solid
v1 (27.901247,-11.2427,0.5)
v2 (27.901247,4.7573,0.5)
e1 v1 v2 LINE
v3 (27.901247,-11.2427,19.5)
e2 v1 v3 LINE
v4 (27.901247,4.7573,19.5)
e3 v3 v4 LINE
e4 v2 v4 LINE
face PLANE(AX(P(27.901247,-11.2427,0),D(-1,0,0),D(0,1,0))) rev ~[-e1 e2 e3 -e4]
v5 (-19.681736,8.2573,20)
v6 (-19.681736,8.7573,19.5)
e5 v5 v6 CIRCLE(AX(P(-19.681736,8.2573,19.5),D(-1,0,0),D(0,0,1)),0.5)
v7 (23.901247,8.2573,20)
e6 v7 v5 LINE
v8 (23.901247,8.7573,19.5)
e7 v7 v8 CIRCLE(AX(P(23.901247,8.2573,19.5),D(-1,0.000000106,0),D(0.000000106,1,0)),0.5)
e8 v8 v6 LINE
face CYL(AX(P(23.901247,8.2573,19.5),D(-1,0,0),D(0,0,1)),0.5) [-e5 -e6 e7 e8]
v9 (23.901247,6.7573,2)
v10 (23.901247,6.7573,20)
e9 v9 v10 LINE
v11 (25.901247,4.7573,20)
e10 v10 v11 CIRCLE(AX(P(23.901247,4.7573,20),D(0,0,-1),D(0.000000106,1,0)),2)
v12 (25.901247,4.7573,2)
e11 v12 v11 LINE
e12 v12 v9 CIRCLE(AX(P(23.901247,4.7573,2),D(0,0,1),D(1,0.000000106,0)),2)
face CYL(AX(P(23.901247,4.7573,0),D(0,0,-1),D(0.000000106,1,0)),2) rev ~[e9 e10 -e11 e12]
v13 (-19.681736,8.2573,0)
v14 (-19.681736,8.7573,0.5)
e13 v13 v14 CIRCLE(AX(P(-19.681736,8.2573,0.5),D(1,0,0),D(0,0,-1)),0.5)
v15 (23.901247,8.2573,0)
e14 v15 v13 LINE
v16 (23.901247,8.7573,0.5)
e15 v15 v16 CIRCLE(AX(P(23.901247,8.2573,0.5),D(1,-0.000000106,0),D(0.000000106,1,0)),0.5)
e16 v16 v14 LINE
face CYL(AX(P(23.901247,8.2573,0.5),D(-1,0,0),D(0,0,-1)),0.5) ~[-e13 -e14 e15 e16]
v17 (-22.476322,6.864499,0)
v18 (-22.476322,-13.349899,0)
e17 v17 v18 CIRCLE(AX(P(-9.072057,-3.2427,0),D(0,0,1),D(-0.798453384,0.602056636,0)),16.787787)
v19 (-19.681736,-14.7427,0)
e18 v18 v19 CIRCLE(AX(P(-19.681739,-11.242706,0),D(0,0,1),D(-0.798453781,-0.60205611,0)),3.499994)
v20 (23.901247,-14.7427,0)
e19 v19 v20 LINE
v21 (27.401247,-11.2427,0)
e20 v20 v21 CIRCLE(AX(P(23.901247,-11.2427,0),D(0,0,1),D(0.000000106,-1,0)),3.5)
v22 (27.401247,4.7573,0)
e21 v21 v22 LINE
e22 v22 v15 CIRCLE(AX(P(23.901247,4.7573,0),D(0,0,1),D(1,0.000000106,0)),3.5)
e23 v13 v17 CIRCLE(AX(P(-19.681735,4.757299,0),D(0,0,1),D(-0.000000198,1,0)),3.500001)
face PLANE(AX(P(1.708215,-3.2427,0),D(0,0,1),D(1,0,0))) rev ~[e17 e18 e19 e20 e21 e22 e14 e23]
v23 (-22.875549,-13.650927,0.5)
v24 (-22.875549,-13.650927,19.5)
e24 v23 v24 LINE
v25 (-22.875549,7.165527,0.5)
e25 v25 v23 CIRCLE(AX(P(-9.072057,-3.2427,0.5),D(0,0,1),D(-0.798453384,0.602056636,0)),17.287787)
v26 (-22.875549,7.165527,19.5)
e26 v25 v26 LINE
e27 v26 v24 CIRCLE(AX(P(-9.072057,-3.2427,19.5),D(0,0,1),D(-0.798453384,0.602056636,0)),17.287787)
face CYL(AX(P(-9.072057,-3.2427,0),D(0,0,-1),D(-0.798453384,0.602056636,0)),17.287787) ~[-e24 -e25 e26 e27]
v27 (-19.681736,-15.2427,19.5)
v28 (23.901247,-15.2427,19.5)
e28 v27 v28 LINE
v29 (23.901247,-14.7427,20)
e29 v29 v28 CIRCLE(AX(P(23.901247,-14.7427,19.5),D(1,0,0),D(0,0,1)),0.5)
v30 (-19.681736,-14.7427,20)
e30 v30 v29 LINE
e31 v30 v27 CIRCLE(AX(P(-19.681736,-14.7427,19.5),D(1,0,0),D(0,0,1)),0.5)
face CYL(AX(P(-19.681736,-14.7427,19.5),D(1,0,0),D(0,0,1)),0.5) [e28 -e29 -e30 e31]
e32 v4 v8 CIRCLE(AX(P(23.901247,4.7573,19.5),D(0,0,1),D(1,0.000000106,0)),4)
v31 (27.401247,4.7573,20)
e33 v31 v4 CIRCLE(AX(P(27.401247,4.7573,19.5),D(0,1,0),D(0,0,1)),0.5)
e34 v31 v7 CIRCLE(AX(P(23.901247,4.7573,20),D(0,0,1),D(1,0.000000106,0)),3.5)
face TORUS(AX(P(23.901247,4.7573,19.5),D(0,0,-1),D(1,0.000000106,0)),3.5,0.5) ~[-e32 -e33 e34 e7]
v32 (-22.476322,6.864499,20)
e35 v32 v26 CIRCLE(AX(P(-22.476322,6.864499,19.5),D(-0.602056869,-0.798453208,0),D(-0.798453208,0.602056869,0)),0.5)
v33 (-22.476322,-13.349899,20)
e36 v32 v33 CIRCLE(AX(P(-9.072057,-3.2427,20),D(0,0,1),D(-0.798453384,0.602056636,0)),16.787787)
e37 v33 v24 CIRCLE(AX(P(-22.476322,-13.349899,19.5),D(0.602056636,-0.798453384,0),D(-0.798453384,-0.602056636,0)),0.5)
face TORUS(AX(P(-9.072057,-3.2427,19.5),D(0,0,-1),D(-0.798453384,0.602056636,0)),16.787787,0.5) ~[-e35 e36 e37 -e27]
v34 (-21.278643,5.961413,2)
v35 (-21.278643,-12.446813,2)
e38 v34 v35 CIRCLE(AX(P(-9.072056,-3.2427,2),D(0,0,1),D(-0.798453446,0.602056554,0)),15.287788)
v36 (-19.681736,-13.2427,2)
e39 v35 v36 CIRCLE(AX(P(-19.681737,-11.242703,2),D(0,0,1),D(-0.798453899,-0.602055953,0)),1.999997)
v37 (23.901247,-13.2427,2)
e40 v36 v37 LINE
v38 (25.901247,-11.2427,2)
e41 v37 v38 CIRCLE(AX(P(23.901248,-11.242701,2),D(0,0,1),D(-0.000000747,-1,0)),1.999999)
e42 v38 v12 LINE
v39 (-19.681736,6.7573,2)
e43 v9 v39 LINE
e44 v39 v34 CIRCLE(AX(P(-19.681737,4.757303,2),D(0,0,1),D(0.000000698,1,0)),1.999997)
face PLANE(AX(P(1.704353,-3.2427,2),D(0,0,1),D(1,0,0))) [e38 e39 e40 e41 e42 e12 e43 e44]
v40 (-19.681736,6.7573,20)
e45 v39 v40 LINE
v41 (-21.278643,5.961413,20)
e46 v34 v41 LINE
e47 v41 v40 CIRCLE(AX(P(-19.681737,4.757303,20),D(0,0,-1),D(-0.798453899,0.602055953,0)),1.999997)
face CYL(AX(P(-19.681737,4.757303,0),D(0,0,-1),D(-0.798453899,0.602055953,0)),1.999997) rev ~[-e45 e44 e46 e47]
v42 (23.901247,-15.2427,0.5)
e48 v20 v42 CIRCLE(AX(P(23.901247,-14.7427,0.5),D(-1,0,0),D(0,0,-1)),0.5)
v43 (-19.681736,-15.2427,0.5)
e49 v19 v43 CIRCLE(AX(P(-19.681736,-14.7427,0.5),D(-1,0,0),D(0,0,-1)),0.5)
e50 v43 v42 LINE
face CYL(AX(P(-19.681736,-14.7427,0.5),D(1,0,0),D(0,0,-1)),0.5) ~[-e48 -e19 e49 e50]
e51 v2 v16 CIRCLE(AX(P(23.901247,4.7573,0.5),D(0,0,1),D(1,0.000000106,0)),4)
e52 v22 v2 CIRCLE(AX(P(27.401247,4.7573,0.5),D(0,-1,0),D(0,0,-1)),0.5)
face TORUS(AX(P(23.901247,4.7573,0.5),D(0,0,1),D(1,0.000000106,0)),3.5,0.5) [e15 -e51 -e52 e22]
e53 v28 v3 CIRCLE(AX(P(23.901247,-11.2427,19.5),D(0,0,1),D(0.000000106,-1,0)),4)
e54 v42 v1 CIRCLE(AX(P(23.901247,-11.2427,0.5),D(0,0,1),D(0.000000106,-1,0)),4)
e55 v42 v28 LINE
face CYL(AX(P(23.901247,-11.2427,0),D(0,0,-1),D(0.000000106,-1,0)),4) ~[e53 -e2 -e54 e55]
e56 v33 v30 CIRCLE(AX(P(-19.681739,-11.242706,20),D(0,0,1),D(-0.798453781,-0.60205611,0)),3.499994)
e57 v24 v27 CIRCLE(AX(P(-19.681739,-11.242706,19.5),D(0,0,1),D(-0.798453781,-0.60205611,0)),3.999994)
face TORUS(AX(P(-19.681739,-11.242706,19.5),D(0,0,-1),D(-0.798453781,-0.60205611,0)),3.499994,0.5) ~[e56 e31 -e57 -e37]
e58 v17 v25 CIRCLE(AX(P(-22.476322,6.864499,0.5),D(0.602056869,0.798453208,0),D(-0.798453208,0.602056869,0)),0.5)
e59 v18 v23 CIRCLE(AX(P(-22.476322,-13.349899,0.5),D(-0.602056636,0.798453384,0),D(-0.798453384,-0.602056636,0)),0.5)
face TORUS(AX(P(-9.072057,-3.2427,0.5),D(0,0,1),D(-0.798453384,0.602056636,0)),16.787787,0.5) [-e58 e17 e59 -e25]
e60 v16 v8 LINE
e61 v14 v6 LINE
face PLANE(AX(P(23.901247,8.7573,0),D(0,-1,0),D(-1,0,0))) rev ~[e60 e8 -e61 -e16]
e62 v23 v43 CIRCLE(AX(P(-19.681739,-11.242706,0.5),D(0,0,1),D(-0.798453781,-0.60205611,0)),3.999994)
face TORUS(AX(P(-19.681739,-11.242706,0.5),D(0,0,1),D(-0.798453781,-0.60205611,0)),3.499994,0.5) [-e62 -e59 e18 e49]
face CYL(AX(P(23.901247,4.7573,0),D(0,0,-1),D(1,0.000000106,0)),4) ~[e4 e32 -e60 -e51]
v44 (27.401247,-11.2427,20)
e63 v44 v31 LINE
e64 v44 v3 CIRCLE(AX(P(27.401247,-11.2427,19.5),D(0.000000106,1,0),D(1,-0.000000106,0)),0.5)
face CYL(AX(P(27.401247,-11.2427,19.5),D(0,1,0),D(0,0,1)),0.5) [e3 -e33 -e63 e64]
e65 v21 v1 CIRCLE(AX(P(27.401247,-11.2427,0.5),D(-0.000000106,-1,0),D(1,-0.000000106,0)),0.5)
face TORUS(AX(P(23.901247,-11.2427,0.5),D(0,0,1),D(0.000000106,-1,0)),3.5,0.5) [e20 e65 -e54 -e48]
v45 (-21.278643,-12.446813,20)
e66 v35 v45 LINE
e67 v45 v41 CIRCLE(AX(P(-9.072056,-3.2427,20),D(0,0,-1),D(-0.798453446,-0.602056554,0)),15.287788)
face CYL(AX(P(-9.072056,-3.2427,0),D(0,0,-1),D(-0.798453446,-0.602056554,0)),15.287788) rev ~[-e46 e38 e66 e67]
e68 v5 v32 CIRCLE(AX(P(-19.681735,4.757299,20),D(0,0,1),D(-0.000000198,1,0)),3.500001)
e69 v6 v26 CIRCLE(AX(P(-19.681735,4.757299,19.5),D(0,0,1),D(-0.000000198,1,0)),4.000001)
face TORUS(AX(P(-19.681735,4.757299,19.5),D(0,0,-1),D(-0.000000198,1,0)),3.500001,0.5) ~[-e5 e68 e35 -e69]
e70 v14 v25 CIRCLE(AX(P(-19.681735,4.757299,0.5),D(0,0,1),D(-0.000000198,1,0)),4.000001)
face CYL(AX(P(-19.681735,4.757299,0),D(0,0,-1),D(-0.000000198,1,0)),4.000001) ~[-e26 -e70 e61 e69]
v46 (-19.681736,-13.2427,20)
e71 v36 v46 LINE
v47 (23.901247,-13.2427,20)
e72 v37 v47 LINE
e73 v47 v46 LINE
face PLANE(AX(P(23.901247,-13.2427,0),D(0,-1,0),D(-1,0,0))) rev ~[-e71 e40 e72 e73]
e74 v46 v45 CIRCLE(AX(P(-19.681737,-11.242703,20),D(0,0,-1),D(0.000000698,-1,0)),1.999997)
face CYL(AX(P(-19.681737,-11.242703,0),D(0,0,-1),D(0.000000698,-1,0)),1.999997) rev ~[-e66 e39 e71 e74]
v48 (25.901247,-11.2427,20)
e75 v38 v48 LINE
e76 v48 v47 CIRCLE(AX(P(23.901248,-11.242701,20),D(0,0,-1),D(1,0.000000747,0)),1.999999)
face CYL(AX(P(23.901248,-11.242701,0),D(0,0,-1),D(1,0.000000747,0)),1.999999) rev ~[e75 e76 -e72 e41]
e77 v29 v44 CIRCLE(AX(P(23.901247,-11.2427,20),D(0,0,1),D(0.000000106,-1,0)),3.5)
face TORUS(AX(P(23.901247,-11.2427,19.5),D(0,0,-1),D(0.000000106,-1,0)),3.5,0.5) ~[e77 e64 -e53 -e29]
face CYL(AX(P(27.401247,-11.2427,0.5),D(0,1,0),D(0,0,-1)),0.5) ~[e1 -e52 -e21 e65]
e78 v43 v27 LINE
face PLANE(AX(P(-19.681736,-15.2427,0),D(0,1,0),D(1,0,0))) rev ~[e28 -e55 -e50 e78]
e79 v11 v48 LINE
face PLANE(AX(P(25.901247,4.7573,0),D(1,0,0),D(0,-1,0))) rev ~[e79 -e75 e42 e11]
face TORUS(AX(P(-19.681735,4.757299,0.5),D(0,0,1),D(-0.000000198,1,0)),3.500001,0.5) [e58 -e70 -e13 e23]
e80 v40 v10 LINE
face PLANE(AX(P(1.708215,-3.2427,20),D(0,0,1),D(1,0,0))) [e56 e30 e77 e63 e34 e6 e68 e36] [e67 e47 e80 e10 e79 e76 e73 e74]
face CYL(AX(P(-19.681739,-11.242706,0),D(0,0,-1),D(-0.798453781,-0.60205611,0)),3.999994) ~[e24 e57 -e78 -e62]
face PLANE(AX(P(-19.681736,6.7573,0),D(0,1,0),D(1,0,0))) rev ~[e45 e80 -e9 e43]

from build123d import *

# Parameters (mm, degrees)
F1_DEPTH = 2
F2_DEPTH = 20
F3_R     = 0.5
F4_R     = 0.5


with BuildPart() as f1:
    # F0 (on Top) → F1 (new body)
    with BuildSketch(Plane.XY):
        with BuildLine():
            ThreePointArc((25.901247, 4.7573), (25.315461, 6.171513), (23.901247, 6.7573))
            Line((23.901247, 6.7573), (-19.681736, 6.7573))
            ThreePointArc((-19.681736, 6.7573), (-20.573861, 6.547304), (-21.278643, 5.961413))
            ThreePointArc((-21.278643, 5.961413), (-24.359844, -3.2427), (-21.278643, -12.446813))
            ThreePointArc((-21.278643, -12.446813), (-20.573861, -13.032704), (-19.681736, -13.2427))
            Line((-19.681736, -13.2427), (23.901247, -13.2427))
            ThreePointArc((23.901247, -13.2427), (25.315461, -12.656914), (25.901247, -11.2427))
            Line((25.901247, -11.2427), (25.901247, 4.7573))
        make_face()
    extrude(amount=F1_DEPTH)

    # F0 (on Top) → F2 (join)
    with BuildSketch(Plane.XY):
        with BuildLine():
            Line((27.901247, -11.2427), (27.901247, 4.7573))
            ThreePointArc((27.901247, 4.7573), (26.729674, 7.585727), (23.901247, 8.7573))
            Line((23.901247, 8.7573), (-19.681736, 8.7573))
            ThreePointArc((-19.681736, 8.7573), (-21.465986, 8.337307), (-22.875549, 7.165527))
            ThreePointArc((-22.875549, 7.165527), (-26.359844, -3.2427), (-22.875549, -13.650927))
            ThreePointArc((-22.875549, -13.650927), (-21.465986, -14.822708), (-19.681736, -15.2427))
            Line((-19.681736, -15.2427), (23.901247, -15.2427))
            ThreePointArc((23.901247, -15.2427), (26.729674, -14.071127), (27.901247, -11.2427))
        make_face()
        with BuildLine():
            Line((-19.681736, 6.7573), (23.901247, 6.7573))
            ThreePointArc((23.901247, 6.7573), (25.315461, 6.171513), (25.901247, 4.7573))
            Line((25.901247, 4.7573), (25.901247, -11.2427))
            ThreePointArc((25.901247, -11.2427), (25.315461, -12.656914), (23.901247, -13.2427))
            Line((23.901247, -13.2427), (-19.681736, -13.2427))
            ThreePointArc((-19.681736, -13.2427), (-20.573861, -13.032704), (-21.278643, -12.446813))
            ThreePointArc((-21.278643, -12.446813), (-24.359844, -3.2427), (-21.278643, 5.961413))
            ThreePointArc((-21.278643, 5.961413), (-20.573861, 6.547304), (-19.681736, 6.7573))
        make_face(mode=Mode.SUBTRACT)
    extrude(amount=F2_DEPTH)

    # F3
    f3_edges = [f1.edges().sort_by_distance(p)[0] for p in [
        (2.109756, -15.2427, 0),
    ]]
    fillet(f3_edges, radius=F3_R)

    # F4
    f4_edges = [f1.edges().sort_by_distance(p)[0] for p in [
        (2.109756, -15.2427, 20),
    ]]
    fillet(f4_edges, radius=F4_R)


solid = f1.part
